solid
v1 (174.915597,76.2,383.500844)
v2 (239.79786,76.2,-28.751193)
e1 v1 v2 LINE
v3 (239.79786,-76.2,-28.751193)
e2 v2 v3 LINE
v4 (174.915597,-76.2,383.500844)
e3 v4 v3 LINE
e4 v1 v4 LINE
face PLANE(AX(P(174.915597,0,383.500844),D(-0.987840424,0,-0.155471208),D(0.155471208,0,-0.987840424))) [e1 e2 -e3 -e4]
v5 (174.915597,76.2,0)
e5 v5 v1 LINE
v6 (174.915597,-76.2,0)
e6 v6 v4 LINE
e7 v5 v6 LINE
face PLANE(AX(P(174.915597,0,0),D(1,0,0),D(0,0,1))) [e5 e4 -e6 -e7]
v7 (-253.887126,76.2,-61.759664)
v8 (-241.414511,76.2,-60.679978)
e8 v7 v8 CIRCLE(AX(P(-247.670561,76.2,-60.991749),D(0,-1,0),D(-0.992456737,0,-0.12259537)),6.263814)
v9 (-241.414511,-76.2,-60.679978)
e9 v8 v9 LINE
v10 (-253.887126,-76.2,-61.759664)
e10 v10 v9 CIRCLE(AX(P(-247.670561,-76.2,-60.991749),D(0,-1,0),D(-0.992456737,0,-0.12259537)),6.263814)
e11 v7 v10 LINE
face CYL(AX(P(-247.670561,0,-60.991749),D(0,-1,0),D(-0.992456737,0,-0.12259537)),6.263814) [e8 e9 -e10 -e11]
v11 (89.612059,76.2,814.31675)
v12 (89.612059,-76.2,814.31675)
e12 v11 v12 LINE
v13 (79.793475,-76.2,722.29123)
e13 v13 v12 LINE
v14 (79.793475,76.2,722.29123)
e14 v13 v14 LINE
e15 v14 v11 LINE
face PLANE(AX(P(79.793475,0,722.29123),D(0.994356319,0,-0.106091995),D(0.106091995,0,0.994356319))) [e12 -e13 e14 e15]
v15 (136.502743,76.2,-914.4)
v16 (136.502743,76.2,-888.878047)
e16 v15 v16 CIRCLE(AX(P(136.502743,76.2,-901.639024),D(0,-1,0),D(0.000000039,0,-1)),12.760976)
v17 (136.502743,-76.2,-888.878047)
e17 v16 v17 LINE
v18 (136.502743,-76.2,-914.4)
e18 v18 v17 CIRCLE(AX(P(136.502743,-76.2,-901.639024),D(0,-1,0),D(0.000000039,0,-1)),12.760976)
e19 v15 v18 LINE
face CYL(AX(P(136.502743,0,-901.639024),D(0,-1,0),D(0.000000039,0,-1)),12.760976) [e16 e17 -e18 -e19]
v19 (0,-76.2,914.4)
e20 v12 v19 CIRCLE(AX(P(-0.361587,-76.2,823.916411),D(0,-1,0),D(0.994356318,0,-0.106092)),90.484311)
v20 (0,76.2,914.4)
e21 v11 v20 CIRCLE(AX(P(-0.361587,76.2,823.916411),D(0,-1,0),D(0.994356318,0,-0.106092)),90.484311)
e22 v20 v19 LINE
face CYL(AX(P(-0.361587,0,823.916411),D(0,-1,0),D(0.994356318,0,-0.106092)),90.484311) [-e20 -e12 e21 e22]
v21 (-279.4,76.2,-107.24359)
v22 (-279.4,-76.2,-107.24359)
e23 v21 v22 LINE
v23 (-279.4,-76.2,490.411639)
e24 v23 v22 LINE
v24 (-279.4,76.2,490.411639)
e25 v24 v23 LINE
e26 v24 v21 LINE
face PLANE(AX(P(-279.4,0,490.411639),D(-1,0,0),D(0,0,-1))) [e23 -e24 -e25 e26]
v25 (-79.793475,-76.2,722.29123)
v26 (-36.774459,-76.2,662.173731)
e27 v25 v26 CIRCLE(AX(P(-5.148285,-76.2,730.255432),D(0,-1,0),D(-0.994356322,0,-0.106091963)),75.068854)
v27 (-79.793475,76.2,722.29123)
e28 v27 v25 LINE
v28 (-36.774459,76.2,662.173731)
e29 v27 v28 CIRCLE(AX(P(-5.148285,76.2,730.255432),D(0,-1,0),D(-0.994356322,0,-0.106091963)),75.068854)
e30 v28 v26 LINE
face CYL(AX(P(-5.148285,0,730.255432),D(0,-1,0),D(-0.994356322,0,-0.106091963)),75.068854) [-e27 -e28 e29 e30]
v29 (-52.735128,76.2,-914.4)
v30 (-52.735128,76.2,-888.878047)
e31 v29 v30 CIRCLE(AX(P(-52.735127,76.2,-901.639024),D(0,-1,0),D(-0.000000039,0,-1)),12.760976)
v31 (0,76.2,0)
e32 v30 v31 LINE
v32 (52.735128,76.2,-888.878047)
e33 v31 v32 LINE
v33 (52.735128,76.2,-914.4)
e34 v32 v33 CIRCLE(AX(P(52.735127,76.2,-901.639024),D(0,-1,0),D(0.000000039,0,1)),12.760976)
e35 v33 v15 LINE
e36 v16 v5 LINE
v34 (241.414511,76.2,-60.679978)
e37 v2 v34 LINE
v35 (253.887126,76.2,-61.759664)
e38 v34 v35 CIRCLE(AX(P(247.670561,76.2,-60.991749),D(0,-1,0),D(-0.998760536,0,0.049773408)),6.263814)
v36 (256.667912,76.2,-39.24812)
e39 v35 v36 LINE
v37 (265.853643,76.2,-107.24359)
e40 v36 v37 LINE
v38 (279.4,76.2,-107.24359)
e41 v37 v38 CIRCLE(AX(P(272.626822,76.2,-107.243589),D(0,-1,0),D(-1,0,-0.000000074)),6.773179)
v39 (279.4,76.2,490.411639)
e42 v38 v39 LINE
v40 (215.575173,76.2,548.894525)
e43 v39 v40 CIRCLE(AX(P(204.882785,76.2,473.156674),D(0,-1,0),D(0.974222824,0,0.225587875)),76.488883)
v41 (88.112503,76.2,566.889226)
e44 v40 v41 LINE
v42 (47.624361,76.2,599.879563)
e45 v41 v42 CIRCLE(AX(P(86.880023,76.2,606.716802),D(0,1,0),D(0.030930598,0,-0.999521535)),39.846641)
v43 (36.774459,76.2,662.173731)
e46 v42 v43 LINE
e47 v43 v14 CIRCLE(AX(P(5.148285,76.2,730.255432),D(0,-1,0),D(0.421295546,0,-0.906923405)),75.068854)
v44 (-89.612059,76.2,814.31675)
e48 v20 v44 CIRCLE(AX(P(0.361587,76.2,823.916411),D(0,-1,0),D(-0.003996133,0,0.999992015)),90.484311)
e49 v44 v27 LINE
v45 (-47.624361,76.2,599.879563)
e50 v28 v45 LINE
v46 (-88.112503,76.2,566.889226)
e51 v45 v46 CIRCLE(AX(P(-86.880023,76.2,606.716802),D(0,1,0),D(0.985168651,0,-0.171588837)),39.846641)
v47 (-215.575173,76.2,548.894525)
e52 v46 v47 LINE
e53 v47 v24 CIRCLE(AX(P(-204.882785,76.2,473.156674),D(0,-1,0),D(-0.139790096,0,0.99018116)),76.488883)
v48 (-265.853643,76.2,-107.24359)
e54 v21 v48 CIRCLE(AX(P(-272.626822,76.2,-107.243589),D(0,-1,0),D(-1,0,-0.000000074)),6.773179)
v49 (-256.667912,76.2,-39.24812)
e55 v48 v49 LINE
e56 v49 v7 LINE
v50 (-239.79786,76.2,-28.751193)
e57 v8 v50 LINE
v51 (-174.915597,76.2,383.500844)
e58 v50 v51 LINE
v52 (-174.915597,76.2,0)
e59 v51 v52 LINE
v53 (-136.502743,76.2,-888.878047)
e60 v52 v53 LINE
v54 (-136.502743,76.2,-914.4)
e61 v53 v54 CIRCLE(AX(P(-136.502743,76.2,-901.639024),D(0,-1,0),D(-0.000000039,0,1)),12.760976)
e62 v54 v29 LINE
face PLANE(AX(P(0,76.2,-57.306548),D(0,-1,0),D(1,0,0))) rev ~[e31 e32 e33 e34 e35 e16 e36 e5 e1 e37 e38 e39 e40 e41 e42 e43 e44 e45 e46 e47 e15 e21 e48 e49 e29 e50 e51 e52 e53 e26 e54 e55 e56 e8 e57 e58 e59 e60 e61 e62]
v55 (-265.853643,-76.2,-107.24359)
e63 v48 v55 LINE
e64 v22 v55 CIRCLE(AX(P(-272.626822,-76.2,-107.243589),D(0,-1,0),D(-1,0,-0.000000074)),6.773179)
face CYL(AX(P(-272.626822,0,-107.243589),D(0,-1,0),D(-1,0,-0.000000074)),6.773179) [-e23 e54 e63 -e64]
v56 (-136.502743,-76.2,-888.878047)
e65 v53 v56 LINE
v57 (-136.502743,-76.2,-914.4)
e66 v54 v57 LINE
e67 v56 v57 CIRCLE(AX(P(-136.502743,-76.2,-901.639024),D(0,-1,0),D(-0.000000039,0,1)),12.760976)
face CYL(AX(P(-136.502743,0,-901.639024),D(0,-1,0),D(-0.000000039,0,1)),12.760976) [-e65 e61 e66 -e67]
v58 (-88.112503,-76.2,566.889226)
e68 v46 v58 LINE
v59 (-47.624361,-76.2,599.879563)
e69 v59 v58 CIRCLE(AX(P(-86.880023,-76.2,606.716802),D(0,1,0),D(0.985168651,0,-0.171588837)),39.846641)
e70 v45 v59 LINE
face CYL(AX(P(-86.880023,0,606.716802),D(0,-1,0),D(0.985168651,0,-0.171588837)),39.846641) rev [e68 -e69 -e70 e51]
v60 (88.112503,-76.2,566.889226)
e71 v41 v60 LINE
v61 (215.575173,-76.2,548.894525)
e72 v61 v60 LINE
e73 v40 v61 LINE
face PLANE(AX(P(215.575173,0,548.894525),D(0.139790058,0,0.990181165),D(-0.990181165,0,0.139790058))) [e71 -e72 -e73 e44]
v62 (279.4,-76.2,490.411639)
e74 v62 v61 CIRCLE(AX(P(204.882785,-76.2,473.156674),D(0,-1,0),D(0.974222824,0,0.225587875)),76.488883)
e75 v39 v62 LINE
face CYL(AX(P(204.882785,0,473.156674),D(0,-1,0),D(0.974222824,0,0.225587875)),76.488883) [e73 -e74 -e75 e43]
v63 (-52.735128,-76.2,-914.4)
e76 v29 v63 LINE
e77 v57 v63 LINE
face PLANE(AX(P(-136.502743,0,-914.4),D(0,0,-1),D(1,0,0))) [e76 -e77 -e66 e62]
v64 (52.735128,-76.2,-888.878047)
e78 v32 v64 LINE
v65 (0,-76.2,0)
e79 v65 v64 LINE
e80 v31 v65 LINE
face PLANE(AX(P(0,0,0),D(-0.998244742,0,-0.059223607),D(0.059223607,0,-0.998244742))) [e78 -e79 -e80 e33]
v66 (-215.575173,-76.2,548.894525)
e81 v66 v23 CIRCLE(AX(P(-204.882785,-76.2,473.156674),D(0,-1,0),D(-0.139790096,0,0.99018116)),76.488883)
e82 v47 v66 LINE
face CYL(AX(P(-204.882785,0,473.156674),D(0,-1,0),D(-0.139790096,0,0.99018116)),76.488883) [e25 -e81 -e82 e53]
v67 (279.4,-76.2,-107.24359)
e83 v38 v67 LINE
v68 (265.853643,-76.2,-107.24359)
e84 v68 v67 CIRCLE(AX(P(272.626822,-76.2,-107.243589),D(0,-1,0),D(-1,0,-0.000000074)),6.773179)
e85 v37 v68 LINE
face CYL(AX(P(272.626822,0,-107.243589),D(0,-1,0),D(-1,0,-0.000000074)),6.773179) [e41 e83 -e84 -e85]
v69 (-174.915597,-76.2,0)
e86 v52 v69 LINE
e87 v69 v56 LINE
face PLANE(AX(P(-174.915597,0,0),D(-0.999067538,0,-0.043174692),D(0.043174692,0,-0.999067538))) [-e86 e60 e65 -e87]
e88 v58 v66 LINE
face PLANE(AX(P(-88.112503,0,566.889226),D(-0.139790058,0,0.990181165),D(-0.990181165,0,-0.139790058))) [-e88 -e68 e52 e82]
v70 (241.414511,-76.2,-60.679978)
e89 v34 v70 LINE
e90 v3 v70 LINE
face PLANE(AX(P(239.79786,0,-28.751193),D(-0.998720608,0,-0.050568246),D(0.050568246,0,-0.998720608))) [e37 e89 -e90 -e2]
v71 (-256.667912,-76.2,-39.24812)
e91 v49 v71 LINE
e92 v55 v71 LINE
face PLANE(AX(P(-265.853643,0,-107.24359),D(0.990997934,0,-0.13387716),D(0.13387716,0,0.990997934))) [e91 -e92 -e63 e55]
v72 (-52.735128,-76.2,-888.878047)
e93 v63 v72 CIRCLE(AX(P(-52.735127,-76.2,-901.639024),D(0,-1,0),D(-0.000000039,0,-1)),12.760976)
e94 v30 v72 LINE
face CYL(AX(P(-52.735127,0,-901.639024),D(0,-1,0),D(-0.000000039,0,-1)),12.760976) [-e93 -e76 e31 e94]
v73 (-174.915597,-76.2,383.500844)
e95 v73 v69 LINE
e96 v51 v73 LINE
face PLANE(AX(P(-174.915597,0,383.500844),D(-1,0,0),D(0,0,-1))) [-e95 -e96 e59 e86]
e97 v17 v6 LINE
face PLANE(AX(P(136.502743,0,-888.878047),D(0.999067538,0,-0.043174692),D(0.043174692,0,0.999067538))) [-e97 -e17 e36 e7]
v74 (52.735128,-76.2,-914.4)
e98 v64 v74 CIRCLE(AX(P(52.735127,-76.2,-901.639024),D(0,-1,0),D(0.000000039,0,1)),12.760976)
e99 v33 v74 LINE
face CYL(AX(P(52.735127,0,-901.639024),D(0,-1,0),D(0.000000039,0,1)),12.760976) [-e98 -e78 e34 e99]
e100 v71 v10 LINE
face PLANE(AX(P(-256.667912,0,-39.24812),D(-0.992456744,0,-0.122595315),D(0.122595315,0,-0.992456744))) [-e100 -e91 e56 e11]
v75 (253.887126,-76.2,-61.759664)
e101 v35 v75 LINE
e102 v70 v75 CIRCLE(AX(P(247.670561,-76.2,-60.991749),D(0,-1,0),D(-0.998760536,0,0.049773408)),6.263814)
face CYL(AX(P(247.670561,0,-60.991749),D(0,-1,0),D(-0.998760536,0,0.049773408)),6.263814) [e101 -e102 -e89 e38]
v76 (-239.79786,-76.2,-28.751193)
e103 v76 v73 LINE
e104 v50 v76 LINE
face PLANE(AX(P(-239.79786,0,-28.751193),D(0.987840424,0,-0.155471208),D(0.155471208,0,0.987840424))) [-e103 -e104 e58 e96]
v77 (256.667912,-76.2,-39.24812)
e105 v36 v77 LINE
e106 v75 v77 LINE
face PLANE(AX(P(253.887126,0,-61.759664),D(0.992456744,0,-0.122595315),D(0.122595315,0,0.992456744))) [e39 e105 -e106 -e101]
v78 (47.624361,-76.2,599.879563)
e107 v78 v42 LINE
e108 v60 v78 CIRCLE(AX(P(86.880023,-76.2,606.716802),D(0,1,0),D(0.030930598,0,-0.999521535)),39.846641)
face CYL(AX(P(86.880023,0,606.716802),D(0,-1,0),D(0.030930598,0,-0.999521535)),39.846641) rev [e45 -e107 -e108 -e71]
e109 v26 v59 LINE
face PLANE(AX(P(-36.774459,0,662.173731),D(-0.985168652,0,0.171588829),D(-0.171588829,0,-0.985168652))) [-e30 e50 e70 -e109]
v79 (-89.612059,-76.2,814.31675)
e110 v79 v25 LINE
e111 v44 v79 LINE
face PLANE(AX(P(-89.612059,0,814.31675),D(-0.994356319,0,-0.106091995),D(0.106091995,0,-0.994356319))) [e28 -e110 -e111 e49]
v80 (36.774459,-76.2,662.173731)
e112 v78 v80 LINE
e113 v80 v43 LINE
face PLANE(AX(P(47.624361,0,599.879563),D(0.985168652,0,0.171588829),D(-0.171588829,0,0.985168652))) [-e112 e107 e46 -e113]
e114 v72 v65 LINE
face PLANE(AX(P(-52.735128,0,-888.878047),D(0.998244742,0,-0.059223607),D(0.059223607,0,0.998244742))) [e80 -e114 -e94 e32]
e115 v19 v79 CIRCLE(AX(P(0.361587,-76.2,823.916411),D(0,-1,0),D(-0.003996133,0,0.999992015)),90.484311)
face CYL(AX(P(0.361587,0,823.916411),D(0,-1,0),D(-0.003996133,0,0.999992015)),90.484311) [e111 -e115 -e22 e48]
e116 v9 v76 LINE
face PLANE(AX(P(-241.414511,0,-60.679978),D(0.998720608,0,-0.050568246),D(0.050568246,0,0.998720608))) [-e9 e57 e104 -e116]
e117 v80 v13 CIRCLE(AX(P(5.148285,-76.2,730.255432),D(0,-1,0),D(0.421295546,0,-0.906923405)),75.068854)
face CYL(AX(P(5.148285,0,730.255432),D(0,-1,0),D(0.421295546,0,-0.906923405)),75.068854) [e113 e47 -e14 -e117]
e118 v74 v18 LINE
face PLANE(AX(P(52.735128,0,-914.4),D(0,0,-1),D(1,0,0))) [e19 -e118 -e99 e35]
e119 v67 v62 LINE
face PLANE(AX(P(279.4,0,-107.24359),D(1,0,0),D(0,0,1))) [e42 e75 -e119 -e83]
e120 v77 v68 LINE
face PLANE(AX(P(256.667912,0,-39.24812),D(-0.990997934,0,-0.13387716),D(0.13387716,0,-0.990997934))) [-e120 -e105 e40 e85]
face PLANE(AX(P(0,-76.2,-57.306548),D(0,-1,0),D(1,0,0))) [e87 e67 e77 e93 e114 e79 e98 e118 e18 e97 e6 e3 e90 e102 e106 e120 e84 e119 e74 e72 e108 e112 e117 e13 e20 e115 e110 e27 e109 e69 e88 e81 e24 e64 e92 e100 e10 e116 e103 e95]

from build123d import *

# Parameters (mm, degrees)
F1_DEPTH = 76.2


with BuildPart() as f1:
    # F0 (on Front) → F1 (new body, symmetric)
    with BuildSketch(Plane.XZ):
        with BuildLine():
            Line((79.793475, 722.29123), (89.612059, 814.31675))
            ThreePointArc((89.612059, 814.31675), (67.049672, 884.27478), (0, 914.4))
            ThreePointArc((0, 914.4), (-67.049672, 884.27478), (-89.612059, 814.31675))
            Line((-89.612059, 814.31675), (-79.793475, 722.29123))
            ThreePointArc((-79.793475, 722.29123), (-66.196865, 686.570151), (-36.774459, 662.173731))
            Line((-36.774459, 662.173731), (-47.624361, 599.879563))
            ThreePointArc((-47.624361, 599.879563), (-61.709978, 575.826291), (-88.112503, 566.889226))
            Line((-88.112503, 566.889226), (-215.575173, 548.894525))
            ThreePointArc((-215.575173, 548.894525), (-256.557064, 529.550983), (-279.4, 490.411639))
            Line((-279.4, 490.411639), (-279.4, -107.24359))
            ThreePointArc((-279.4, -107.24359), (-272.626822, -114.016768), (-265.853643, -107.24359))
            Line((-265.853643, -107.24359), (-256.667912, -39.24812))
            Line((-256.667912, -39.24812), (-253.887126, -61.759664))
            ThreePointArc((-253.887126, -61.759664), (-247.130358, -67.232226), (-241.414511, -60.679978))
            Line((-241.414511, -60.679978), (-239.79786, -28.751193))
            Line((-239.79786, -28.751193), (-174.915597, 383.500844))
            Line((-174.915597, 383.500844), (-174.915597, 0))
            Line((-174.915597, 0), (-136.502743, -888.878047))
            ThreePointArc((-136.502743, -888.878047), (-149.263719, -901.639024), (-136.502743, -914.4))
            Line((-136.502743, -914.4), (-52.735128, -914.4))
            ThreePointArc((-52.735128, -914.4), (-39.974151, -901.639024), (-52.735128, -888.878047))
            Line((-52.735128, -888.878047), (0, 0))
            Line((0, 0), (52.735128, -888.878047))
            ThreePointArc((52.735128, -888.878047), (39.974151, -901.639024), (52.735128, -914.4))
            Line((52.735128, -914.4), (136.502743, -914.4))
            ThreePointArc((136.502743, -914.4), (149.263719, -901.639024), (136.502743, -888.878047))
            Line((136.502743, -888.878047), (174.915597, 0))
            Line((174.915597, 0), (174.915597, 383.500844))
            Line((174.915597, 383.500844), (239.79786, -28.751193))
            Line((239.79786, -28.751193), (241.414511, -60.679978))
            ThreePointArc((241.414511, -60.679978), (247.130358, -67.232226), (253.887126, -61.759664))
            Line((253.887126, -61.759664), (256.667912, -39.24812))
            Line((256.667912, -39.24812), (265.853643, -107.24359))
            ThreePointArc((265.853643, -107.24359), (272.626822, -114.016768), (279.4, -107.24359))
            Line((279.4, -107.24359), (279.4, 490.411639))
            ThreePointArc((279.4, 490.411639), (256.557064, 529.550983), (215.575173, 548.894525))
            Line((215.575173, 548.894525), (88.112503, 566.889226))
            ThreePointArc((88.112503, 566.889226), (61.709978, 575.826291), (47.624361, 599.879563))
            Line((47.624361, 599.879563), (36.774459, 662.173731))
            ThreePointArc((36.774459, 662.173731), (66.196865, 686.570151), (79.793475, 722.29123))
        make_face()
    extrude(amount=F1_DEPTH, both=True)


solid = f1.part
